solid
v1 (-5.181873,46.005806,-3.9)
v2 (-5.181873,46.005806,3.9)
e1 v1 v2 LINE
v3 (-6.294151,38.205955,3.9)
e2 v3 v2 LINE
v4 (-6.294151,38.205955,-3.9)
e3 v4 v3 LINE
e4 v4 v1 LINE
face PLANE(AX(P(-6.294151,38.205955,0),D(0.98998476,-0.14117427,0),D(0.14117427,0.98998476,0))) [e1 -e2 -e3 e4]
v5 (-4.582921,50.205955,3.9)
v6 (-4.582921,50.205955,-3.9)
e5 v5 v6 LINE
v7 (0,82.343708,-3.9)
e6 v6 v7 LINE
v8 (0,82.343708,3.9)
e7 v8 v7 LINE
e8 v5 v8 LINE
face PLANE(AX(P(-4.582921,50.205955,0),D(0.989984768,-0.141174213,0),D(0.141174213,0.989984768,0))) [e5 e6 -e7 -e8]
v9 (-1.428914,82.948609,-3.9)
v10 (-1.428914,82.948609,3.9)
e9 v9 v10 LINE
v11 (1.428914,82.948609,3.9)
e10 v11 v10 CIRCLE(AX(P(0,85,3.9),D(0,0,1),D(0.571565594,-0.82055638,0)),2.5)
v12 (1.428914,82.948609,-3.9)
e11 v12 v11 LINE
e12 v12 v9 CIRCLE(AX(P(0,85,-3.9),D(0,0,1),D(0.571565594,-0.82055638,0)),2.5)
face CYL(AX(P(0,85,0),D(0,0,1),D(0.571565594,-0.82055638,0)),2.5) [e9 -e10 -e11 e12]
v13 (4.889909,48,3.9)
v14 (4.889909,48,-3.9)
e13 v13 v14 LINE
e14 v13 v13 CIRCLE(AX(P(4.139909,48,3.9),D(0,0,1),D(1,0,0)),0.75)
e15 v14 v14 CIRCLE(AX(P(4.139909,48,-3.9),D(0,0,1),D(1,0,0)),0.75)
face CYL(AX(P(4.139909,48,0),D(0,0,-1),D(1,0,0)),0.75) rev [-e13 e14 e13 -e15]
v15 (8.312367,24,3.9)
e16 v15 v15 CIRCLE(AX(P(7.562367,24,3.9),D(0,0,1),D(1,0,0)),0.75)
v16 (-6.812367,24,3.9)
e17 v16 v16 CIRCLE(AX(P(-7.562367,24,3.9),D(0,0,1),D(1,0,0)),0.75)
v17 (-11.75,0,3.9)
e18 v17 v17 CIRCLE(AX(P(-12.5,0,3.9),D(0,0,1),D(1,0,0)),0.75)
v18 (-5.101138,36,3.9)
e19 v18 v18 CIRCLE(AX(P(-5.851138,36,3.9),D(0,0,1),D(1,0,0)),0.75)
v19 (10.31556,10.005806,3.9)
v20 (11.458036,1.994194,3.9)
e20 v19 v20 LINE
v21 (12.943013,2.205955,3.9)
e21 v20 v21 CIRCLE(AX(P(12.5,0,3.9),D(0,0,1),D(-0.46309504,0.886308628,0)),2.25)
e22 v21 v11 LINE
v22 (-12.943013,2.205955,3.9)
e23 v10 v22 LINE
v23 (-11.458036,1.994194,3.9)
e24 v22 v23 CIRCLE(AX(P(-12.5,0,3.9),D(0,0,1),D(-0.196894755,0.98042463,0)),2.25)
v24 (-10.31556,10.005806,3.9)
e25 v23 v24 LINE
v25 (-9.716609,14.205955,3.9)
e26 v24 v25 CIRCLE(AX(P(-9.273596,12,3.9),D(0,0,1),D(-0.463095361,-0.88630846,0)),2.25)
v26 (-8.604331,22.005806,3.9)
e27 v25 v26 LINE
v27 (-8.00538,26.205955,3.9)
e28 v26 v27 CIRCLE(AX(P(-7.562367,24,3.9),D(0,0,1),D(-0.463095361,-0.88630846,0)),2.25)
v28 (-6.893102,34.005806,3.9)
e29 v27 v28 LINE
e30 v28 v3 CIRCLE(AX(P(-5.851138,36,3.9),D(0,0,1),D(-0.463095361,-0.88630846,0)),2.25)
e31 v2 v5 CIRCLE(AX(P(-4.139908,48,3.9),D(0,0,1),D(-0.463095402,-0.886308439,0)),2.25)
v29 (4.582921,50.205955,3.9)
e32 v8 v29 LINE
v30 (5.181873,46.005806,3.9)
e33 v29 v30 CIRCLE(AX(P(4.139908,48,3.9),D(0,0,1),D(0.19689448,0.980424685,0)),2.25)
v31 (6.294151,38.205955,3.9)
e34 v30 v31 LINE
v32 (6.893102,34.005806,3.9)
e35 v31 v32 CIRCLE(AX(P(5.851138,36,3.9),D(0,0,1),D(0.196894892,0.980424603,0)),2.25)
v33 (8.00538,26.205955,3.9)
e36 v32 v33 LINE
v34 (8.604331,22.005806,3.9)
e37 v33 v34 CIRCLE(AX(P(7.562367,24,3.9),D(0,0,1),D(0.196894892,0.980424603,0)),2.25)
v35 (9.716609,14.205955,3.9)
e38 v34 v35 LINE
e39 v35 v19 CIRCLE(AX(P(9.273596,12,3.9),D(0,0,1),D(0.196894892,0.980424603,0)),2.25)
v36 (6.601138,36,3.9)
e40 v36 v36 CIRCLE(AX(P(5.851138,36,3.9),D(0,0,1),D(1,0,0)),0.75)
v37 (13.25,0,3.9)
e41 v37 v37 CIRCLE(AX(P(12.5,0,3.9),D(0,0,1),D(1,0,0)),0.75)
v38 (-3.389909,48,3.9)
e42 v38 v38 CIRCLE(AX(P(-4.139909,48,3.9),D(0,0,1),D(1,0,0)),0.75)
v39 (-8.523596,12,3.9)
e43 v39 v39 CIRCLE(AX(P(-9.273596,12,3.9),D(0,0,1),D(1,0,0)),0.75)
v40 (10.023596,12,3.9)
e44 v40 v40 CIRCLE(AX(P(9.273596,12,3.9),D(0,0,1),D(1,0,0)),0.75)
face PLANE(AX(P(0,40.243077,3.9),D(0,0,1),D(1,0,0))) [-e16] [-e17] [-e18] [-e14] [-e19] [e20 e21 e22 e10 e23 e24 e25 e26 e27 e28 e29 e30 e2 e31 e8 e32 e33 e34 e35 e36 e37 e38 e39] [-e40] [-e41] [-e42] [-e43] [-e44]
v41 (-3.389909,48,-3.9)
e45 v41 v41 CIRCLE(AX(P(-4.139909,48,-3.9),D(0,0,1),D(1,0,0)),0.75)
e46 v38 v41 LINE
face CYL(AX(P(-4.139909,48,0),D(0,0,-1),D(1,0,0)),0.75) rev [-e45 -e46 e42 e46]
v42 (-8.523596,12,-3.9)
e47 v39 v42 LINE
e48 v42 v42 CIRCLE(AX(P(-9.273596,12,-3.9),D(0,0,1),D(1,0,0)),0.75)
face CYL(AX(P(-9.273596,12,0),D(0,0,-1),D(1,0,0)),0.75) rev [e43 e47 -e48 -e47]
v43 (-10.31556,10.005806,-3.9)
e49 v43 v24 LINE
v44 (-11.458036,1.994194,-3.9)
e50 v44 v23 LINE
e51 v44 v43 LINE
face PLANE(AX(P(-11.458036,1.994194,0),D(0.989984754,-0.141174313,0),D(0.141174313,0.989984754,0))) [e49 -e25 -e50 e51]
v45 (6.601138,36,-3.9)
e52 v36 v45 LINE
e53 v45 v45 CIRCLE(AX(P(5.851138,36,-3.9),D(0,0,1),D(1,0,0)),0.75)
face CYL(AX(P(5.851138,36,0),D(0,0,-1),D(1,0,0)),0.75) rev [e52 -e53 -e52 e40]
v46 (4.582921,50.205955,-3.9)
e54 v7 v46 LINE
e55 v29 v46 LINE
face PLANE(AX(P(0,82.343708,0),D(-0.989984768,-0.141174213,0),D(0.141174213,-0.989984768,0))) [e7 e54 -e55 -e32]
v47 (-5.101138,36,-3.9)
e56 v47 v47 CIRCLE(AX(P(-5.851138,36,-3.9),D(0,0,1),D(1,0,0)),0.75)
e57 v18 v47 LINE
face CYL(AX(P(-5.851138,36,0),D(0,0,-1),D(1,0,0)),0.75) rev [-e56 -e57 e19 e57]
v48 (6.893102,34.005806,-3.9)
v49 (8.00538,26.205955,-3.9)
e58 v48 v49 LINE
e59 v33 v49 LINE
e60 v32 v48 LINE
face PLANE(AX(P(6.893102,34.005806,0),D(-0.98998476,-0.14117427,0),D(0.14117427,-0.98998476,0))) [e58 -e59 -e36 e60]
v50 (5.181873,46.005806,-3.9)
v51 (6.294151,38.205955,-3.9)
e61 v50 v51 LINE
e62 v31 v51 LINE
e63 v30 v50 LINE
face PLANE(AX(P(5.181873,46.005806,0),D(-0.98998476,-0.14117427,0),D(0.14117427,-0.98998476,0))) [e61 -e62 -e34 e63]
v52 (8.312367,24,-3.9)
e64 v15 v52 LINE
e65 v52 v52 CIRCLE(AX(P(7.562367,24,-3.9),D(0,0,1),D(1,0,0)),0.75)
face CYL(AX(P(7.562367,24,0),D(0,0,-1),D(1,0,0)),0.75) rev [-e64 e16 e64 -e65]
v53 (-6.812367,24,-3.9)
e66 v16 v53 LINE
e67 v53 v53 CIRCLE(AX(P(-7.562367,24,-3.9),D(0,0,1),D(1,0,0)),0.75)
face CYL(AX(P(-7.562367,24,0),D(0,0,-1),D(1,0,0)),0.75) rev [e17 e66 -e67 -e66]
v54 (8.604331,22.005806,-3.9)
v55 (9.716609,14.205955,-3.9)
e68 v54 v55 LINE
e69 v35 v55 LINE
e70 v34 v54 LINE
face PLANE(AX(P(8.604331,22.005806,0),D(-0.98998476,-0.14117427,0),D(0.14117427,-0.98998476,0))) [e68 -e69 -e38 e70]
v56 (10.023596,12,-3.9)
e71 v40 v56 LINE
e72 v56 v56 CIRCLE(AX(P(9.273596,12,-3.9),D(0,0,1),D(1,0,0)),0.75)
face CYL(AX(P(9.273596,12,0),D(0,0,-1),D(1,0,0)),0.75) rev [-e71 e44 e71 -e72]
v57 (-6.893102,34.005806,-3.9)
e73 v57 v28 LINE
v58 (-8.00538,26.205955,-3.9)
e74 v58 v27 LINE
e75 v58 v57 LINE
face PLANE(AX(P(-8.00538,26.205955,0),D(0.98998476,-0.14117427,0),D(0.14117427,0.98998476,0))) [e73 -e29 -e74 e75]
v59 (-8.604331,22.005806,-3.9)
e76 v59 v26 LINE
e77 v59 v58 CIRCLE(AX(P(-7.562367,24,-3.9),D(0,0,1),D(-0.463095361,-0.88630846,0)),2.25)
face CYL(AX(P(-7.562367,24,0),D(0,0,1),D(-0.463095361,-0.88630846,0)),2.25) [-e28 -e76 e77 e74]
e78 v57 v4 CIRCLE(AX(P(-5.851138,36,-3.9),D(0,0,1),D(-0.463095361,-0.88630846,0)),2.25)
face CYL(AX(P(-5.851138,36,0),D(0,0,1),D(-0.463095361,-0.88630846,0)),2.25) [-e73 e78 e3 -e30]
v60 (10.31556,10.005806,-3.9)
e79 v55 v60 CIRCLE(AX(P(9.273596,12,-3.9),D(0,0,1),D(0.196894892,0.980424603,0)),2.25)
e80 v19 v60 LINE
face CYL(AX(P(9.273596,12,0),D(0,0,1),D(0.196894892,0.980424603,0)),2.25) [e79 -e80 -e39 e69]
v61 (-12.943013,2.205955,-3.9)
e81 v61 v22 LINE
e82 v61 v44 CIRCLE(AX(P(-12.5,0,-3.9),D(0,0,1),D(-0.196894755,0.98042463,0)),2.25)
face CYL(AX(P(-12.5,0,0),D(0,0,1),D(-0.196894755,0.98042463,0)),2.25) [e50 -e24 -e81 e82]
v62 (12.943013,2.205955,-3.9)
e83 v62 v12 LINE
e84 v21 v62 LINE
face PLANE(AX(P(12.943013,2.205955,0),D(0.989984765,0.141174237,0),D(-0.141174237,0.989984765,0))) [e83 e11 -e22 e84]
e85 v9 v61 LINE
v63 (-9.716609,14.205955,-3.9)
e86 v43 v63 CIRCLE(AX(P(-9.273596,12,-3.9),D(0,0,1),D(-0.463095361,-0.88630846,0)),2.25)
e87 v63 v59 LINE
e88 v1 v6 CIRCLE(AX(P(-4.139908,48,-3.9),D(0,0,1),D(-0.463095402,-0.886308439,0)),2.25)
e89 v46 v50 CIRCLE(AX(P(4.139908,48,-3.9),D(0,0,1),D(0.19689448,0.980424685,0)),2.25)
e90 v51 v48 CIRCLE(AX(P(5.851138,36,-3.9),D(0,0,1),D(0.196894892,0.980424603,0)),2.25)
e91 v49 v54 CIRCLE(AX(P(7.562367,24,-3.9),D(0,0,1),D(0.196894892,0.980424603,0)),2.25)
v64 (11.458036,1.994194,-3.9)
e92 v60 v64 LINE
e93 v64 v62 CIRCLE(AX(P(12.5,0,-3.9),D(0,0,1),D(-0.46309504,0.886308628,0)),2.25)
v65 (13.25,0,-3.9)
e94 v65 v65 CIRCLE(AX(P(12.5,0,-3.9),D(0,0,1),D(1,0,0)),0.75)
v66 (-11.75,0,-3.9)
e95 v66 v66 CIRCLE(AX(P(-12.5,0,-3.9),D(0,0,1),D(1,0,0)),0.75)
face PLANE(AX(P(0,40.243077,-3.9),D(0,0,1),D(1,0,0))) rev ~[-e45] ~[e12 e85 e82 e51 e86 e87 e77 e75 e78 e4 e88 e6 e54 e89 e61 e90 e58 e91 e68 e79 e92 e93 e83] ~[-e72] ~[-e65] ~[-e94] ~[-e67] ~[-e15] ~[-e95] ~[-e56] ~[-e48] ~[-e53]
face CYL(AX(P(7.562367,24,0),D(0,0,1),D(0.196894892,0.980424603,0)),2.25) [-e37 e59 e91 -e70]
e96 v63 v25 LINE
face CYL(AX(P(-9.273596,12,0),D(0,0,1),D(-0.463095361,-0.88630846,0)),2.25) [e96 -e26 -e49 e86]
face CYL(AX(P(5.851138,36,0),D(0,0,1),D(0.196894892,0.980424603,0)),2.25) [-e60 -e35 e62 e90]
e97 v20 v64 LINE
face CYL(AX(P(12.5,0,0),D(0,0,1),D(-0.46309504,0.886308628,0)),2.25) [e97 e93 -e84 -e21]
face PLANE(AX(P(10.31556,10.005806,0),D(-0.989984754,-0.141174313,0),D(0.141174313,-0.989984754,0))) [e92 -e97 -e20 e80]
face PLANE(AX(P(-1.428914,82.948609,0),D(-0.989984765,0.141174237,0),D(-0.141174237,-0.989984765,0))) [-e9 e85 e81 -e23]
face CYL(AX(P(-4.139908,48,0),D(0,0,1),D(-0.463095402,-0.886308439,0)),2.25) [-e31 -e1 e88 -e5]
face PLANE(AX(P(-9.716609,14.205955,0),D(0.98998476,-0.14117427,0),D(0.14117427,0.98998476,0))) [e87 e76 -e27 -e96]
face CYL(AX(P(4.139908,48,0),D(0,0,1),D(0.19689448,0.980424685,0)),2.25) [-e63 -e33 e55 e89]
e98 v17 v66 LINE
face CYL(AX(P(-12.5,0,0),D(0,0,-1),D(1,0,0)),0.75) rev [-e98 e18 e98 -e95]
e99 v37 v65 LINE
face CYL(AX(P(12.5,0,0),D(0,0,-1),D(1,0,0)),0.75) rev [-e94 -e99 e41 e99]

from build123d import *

# Parameters (mm, degrees)
F0_R     = 0.75
F1_DEPTH = 3.9


with BuildPart() as f1:
    # F0 (on Top) → F1 (new body, symmetric)
    with BuildSketch(Plane.XY):
        with BuildLine():
            Line((12.943013, 2.205955), (1.428914, 82.948609))
            ThreePointArc((1.428914, 82.948609), (0, 87.5), (-1.428914, 82.948609))
            Line((-1.428914, 82.948609), (-12.943013, 2.205955))
            ThreePointArc((-12.943013, 2.205955), (-12.817642, -2.227466), (-11.458036, 1.994194))
            Line((-11.458036, 1.994194), (-10.31556, 10.005806))
            ThreePointArc((-10.31556, 10.005806), (-7.04613, 11.682358), (-9.716609, 14.205955))
            Line((-9.716609, 14.205955), (-8.604331, 22.005806))
            ThreePointArc((-8.604331, 22.005806), (-5.334901, 23.682358), (-8.00538, 26.205955))
            Line((-8.00538, 26.205955), (-6.893102, 34.005806))
            ThreePointArc((-6.893102, 34.005806), (-3.623672, 35.682358), (-6.294151, 38.205955))
            Line((-6.294151, 38.205955), (-5.181873, 46.005806))
            ThreePointArc((-5.181873, 46.005806), (-1.912443, 47.682358), (-4.582921, 50.205955))
            Line((-4.582921, 50.205955), (0, 82.343708))
            Line((0, 82.343708), (4.582921, 50.205955))
            ThreePointArc((4.582921, 50.205955), (1.912443, 47.682358), (5.181873, 46.005806))
            Line((5.181873, 46.005806), (6.294151, 38.205955))
            ThreePointArc((6.294151, 38.205955), (3.623672, 35.682358), (6.893102, 34.005806))
            Line((6.893102, 34.005806), (8.00538, 26.205955))
            ThreePointArc((8.00538, 26.205955), (5.334901, 23.682358), (8.604331, 22.005806))
            Line((8.604331, 22.005806), (9.716609, 14.205955))
            ThreePointArc((9.716609, 14.205955), (7.04613, 11.682358), (10.31556, 10.005806))
            Line((10.31556, 10.005806), (11.458036, 1.994194))
            ThreePointArc((11.458036, 1.994194), (12.817642, -2.227466), (12.943013, 2.205955))
        make_face()
        with Locations((-12.5, 0)):
            Circle(F0_R, mode=Mode.SUBTRACT)
        with Locations((-9.273596, 12)):
            Circle(F0_R, mode=Mode.SUBTRACT)
        with Locations((-7.562367, 24)):
            Circle(F0_R, mode=Mode.SUBTRACT)
        with Locations((-5.851138, 36)):
            Circle(F0_R, mode=Mode.SUBTRACT)
        with Locations((12.5, 0)):
            Circle(F0_R, mode=Mode.SUBTRACT)
        with Locations((9.273596, 12)):
            Circle(F0_R, mode=Mode.SUBTRACT)
        with Locations((5.851138, 36)):
            Circle(F0_R, mode=Mode.SUBTRACT)
        with Locations((7.562367, 24)):
            Circle(F0_R, mode=Mode.SUBTRACT)
        with Locations((-4.139909, 48)):
            Circle(F0_R, mode=Mode.SUBTRACT)
        with Locations((4.139909, 48)):
            Circle(F0_R, mode=Mode.SUBTRACT)
    extrude(amount=F1_DEPTH, both=True)


solid = f1.part
